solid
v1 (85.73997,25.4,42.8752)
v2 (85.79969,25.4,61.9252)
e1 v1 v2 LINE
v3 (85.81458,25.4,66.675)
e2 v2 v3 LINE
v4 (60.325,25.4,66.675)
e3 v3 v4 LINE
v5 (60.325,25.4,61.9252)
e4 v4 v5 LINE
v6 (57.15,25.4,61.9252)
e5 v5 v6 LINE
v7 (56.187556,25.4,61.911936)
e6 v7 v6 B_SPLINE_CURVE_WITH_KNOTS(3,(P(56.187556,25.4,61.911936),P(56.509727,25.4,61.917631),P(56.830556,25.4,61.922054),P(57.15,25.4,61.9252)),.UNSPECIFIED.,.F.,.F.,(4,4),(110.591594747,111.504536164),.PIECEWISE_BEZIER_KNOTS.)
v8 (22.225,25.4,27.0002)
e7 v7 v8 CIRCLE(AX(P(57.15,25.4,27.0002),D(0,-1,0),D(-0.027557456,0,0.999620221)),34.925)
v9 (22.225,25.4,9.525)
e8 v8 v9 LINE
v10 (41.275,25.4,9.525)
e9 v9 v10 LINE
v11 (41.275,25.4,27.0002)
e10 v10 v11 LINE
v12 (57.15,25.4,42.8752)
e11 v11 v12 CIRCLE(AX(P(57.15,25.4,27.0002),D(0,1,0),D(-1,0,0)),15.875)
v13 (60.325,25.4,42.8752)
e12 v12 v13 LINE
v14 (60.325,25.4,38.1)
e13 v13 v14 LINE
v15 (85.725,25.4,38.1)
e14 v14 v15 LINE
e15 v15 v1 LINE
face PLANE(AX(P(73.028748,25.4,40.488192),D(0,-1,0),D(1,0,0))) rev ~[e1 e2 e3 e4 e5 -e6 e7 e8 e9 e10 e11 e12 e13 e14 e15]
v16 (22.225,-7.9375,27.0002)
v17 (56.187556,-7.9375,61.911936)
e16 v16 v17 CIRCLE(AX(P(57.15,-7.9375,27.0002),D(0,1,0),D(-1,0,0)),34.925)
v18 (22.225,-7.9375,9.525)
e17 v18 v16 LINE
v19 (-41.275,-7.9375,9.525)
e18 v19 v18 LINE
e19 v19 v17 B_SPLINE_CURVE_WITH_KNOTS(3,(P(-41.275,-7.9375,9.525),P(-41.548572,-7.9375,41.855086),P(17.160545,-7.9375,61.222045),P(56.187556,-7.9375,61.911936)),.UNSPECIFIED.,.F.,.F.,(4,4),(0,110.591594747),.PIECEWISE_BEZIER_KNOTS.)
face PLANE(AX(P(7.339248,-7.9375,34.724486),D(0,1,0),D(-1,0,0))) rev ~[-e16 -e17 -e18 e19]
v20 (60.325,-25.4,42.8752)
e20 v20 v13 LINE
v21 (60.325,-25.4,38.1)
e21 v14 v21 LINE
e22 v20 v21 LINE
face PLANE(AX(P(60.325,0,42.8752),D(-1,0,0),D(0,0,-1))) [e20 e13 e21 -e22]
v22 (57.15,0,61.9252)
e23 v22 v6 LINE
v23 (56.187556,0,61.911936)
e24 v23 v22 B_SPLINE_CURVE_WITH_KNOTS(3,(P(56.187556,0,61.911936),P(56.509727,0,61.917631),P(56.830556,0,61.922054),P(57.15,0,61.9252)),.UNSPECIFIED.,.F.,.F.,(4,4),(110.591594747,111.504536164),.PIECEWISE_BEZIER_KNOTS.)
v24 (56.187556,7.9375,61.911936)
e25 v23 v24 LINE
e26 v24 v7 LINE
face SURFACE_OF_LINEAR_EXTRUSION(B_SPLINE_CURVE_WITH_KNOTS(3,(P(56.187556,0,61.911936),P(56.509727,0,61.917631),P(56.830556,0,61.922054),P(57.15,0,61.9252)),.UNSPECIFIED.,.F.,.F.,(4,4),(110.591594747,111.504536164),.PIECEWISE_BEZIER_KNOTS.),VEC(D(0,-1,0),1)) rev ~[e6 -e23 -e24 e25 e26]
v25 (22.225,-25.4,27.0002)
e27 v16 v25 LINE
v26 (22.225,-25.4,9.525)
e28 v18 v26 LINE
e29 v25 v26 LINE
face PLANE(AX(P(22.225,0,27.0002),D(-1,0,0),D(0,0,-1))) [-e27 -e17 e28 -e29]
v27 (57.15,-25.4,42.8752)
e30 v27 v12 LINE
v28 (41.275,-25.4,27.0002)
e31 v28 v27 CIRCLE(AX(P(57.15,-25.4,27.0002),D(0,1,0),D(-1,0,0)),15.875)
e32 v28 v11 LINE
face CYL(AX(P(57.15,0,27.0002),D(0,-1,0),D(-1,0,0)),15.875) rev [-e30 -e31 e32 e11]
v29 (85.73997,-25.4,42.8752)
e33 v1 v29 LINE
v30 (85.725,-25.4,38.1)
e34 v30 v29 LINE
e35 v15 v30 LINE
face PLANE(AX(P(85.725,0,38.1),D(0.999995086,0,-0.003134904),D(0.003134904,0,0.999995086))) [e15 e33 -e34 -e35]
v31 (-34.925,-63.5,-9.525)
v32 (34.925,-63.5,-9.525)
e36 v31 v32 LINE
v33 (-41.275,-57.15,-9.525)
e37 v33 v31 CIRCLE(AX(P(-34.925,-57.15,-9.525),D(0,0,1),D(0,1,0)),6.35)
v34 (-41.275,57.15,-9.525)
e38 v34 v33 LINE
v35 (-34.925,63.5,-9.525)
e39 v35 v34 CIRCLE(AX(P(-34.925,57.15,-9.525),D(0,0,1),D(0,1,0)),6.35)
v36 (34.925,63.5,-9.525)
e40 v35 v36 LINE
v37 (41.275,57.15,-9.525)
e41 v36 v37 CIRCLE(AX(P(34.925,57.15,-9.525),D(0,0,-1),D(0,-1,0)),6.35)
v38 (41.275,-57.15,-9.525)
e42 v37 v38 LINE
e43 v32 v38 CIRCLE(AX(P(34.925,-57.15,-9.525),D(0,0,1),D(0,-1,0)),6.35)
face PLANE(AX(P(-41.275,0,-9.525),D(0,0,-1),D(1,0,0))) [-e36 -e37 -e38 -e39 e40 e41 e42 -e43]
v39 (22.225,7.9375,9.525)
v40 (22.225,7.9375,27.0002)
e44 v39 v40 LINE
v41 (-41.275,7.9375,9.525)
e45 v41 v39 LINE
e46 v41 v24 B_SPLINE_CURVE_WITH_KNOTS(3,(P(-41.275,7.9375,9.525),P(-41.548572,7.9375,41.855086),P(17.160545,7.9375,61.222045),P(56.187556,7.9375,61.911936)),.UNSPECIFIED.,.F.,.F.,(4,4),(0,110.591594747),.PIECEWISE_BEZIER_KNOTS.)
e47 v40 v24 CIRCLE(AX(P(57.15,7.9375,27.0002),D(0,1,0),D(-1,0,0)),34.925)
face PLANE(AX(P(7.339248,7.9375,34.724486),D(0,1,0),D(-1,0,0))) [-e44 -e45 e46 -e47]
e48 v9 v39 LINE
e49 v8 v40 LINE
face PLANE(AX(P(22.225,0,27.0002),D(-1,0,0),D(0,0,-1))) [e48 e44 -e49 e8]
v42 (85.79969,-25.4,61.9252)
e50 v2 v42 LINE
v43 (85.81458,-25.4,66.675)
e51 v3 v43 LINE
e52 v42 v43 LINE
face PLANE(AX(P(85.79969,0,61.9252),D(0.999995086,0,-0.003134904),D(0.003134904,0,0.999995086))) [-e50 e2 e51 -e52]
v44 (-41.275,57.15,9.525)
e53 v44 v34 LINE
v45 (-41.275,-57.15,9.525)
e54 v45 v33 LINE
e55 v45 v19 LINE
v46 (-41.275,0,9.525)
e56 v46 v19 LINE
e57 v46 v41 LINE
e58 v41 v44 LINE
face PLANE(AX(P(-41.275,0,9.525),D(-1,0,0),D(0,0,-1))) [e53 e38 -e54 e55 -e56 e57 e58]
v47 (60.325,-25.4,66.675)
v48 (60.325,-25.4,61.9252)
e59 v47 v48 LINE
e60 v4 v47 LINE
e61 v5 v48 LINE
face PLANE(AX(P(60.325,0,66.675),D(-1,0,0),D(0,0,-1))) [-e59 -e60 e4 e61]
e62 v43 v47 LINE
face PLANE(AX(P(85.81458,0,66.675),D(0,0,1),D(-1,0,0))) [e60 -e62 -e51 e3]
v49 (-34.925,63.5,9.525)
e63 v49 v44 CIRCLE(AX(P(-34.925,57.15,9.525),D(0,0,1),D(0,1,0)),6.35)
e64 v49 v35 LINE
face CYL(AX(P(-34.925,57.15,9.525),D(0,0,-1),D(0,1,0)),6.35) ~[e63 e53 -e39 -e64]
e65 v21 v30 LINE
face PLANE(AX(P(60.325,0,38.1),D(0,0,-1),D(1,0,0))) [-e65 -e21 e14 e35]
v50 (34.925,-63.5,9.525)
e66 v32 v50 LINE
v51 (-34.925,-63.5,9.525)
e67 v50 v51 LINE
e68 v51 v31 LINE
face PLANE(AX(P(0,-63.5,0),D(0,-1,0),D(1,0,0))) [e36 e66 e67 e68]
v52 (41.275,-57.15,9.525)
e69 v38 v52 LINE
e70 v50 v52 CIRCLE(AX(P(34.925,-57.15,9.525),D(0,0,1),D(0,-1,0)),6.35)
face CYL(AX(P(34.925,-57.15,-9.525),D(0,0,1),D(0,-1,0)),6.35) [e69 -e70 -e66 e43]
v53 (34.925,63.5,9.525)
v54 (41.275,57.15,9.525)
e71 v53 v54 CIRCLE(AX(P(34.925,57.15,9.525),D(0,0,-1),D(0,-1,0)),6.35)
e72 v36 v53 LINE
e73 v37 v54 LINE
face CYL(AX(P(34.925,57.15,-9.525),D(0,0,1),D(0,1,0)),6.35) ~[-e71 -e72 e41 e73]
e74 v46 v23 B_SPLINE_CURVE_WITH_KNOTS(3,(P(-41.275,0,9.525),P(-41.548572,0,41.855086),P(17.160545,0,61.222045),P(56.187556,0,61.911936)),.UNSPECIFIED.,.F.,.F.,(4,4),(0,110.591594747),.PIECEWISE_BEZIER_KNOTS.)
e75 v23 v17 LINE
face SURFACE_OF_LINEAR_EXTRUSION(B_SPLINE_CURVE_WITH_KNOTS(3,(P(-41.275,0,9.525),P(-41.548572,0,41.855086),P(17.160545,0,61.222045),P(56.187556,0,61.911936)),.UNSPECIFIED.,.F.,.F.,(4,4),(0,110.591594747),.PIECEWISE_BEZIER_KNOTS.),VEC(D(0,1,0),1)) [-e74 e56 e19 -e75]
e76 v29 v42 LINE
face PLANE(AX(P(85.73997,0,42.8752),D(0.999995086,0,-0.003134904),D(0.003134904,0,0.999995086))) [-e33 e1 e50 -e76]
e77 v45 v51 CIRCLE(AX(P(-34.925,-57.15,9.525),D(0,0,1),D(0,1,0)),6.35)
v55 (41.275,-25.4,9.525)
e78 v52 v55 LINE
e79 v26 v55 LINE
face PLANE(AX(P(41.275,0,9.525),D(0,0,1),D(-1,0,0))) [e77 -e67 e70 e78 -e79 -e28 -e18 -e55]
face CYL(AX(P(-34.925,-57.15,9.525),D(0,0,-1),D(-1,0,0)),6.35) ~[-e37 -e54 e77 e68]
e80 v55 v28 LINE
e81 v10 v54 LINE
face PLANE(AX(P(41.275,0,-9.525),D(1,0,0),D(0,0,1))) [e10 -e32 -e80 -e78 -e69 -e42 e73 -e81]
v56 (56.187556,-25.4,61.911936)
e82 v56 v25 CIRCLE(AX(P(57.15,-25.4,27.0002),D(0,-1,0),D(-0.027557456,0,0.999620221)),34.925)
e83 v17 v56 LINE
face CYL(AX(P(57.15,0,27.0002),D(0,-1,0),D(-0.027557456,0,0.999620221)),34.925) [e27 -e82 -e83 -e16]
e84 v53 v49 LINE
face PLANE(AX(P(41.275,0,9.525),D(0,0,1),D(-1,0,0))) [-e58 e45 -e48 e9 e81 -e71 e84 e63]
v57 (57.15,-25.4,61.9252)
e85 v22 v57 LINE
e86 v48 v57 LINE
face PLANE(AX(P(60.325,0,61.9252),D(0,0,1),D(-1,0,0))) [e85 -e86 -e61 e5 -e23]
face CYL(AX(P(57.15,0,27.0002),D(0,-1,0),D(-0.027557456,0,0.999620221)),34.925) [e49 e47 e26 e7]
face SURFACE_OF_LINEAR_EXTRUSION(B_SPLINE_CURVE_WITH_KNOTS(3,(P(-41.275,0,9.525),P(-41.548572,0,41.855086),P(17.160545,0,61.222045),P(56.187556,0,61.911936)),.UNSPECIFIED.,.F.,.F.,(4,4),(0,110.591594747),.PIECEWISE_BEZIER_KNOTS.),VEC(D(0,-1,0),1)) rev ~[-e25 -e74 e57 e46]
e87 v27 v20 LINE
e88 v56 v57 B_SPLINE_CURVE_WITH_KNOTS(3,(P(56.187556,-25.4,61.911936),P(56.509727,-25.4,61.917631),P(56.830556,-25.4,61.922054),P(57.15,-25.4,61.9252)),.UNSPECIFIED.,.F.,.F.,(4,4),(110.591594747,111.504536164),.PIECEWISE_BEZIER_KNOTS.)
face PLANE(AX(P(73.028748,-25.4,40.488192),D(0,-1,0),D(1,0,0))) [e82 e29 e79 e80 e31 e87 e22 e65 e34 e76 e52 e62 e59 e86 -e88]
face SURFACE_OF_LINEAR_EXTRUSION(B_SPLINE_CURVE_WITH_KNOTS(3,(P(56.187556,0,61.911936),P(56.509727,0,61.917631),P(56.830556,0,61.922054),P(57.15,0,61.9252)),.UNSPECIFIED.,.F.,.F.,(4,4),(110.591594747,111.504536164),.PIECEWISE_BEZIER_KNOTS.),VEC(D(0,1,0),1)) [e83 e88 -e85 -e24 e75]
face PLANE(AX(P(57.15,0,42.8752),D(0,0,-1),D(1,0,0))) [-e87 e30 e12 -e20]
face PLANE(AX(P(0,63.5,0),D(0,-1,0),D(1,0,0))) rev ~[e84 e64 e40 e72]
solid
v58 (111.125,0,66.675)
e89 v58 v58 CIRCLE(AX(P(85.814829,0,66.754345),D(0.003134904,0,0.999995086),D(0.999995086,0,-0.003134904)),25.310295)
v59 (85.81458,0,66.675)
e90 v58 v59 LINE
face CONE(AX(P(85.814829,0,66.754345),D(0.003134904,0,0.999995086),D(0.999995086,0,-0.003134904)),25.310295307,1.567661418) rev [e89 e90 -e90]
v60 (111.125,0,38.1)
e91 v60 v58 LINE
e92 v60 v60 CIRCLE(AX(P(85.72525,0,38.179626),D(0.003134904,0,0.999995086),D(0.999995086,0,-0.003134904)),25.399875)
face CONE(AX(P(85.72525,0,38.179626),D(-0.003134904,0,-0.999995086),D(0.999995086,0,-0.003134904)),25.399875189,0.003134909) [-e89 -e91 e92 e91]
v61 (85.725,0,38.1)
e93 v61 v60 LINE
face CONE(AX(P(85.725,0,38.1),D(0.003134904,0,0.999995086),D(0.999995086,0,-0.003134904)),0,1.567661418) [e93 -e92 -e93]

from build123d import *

# Parameters (mm, degrees)
F1_DEPTH = 63.5
F2_DEPTH = 25.4
F3_DEPTH = 7.9375
F5_R     = 6.35
F6_R     = 6.35


with BuildPart() as f1:
    # F0 (on Front) → F1 (new body, symmetric)
    with BuildSketch(Plane.XZ):
        Polygon((22.225, 9.525), (-41.275, 9.525), (-41.275, -9.525), (41.275, -9.525), (41.275, 9.525), align=None)
    extrude(amount=F1_DEPTH, both=True)

    # F0 (on Front) → F2 (join, symmetric)
    with BuildSketch(Plane.XZ):
        Polygon((85.739969867, 42.8752), (60.325, 42.8752), (60.325, 38.1), (85.725, 38.1), align=None)
        with BuildLine():
            Line((22.225, 27.0002), (22.225, 9.525))
            Line((22.225, 9.525), (41.275, 9.525))
            Line((41.275, 9.525), (41.275, 27.0002))
            ThreePointArc((41.275, 27.0002), (45.9246798487, 38.2255201513), (57.15, 42.8752))
            Line((57.15, 42.8752), (60.325, 42.8752))
            Line((60.325, 42.8752), (60.325, 61.9252))
            Line((60.325, 61.9252), (57.15, 61.9252))
            add(Edge.make_bspline(
                [(56.1875558467, 61.9119362251), (56.509726576, 61.9176313259), (56.8305560447, 61.9220536557), (57.15, 61.9252)],
                knots=[110.5915947466, 110.5915947466, 110.5915947466, 110.5915947466, 111.5045361635, 111.5045361635, 111.5045361635, 111.5045361635], degree=3))
            ThreePointArc((56.1875558467, 61.9119362251), (32.1163327991, 51.3532517897), (22.225, 27.0002))
        make_face()
        Polygon((85.7996900812, 61.9252), (60.325, 61.9252), (60.325, 42.8752), (85.739969867, 42.8752), align=None)
        Polygon((60.325, 66.675), (60.325, 61.9252), (85.7996900812, 61.9252), (85.8145803213, 66.675), align=None)
    extrude(amount=F2_DEPTH, both=True)

    # F0 (on Front) → F3 (join, symmetric)
    with BuildSketch(Plane.XZ):
        with BuildLine():
            add(Edge.make_bspline(
                [(-41.275, 9.525), (-41.5485716533, 41.8550857499), (17.1605448387, 61.2220449946), (56.1875558467, 61.9119362251)],
                knots=[0, 0, 0, 0, 110.5915947466, 110.5915947466, 110.5915947466, 110.5915947466], degree=3))
            Line((-41.275, 9.525), (22.225, 9.525))
            Line((22.225, 9.525), (22.225, 27.0002))
            ThreePointArc((22.225, 27.0002), (32.1163327991, 51.3532517897), (56.1875558467, 61.9119362251))
        make_face()
    extrude(amount=F3_DEPTH, both=True)

    # F5
    f5_edges = [f1.edges().sort_by_distance(p)[0] for p in [
        (41.275, -63.5, 0),
        (41.275, 63.5, 0),
    ]]
    fillet(f5_edges, radius=F5_R)

    # F6
    f6_edges = [f1.edges().sort_by_distance(p)[0] for p in [
        (-41.275, -63.5, 0),
        (-41.275, 63.5, 0),
    ]]
    fillet(f6_edges, radius=F6_R)


with BuildPart() as f4:
    # F0 (on Front) → F4 (revolve)
    with BuildSketch(Plane.XZ):
        Polygon((85.8145803213, 66.675), (85.7996900812, 61.9252), (85.739969867, 42.8752), (85.725, 38.1), (111.125, 38.1), (111.125, 66.675), align=None)
    revolve(axis=Axis((85.7697901607, 0, 52.3875), (0.003134904, 0, 0.9999950862)))


solid = Compound([f1.part, f4.part])
